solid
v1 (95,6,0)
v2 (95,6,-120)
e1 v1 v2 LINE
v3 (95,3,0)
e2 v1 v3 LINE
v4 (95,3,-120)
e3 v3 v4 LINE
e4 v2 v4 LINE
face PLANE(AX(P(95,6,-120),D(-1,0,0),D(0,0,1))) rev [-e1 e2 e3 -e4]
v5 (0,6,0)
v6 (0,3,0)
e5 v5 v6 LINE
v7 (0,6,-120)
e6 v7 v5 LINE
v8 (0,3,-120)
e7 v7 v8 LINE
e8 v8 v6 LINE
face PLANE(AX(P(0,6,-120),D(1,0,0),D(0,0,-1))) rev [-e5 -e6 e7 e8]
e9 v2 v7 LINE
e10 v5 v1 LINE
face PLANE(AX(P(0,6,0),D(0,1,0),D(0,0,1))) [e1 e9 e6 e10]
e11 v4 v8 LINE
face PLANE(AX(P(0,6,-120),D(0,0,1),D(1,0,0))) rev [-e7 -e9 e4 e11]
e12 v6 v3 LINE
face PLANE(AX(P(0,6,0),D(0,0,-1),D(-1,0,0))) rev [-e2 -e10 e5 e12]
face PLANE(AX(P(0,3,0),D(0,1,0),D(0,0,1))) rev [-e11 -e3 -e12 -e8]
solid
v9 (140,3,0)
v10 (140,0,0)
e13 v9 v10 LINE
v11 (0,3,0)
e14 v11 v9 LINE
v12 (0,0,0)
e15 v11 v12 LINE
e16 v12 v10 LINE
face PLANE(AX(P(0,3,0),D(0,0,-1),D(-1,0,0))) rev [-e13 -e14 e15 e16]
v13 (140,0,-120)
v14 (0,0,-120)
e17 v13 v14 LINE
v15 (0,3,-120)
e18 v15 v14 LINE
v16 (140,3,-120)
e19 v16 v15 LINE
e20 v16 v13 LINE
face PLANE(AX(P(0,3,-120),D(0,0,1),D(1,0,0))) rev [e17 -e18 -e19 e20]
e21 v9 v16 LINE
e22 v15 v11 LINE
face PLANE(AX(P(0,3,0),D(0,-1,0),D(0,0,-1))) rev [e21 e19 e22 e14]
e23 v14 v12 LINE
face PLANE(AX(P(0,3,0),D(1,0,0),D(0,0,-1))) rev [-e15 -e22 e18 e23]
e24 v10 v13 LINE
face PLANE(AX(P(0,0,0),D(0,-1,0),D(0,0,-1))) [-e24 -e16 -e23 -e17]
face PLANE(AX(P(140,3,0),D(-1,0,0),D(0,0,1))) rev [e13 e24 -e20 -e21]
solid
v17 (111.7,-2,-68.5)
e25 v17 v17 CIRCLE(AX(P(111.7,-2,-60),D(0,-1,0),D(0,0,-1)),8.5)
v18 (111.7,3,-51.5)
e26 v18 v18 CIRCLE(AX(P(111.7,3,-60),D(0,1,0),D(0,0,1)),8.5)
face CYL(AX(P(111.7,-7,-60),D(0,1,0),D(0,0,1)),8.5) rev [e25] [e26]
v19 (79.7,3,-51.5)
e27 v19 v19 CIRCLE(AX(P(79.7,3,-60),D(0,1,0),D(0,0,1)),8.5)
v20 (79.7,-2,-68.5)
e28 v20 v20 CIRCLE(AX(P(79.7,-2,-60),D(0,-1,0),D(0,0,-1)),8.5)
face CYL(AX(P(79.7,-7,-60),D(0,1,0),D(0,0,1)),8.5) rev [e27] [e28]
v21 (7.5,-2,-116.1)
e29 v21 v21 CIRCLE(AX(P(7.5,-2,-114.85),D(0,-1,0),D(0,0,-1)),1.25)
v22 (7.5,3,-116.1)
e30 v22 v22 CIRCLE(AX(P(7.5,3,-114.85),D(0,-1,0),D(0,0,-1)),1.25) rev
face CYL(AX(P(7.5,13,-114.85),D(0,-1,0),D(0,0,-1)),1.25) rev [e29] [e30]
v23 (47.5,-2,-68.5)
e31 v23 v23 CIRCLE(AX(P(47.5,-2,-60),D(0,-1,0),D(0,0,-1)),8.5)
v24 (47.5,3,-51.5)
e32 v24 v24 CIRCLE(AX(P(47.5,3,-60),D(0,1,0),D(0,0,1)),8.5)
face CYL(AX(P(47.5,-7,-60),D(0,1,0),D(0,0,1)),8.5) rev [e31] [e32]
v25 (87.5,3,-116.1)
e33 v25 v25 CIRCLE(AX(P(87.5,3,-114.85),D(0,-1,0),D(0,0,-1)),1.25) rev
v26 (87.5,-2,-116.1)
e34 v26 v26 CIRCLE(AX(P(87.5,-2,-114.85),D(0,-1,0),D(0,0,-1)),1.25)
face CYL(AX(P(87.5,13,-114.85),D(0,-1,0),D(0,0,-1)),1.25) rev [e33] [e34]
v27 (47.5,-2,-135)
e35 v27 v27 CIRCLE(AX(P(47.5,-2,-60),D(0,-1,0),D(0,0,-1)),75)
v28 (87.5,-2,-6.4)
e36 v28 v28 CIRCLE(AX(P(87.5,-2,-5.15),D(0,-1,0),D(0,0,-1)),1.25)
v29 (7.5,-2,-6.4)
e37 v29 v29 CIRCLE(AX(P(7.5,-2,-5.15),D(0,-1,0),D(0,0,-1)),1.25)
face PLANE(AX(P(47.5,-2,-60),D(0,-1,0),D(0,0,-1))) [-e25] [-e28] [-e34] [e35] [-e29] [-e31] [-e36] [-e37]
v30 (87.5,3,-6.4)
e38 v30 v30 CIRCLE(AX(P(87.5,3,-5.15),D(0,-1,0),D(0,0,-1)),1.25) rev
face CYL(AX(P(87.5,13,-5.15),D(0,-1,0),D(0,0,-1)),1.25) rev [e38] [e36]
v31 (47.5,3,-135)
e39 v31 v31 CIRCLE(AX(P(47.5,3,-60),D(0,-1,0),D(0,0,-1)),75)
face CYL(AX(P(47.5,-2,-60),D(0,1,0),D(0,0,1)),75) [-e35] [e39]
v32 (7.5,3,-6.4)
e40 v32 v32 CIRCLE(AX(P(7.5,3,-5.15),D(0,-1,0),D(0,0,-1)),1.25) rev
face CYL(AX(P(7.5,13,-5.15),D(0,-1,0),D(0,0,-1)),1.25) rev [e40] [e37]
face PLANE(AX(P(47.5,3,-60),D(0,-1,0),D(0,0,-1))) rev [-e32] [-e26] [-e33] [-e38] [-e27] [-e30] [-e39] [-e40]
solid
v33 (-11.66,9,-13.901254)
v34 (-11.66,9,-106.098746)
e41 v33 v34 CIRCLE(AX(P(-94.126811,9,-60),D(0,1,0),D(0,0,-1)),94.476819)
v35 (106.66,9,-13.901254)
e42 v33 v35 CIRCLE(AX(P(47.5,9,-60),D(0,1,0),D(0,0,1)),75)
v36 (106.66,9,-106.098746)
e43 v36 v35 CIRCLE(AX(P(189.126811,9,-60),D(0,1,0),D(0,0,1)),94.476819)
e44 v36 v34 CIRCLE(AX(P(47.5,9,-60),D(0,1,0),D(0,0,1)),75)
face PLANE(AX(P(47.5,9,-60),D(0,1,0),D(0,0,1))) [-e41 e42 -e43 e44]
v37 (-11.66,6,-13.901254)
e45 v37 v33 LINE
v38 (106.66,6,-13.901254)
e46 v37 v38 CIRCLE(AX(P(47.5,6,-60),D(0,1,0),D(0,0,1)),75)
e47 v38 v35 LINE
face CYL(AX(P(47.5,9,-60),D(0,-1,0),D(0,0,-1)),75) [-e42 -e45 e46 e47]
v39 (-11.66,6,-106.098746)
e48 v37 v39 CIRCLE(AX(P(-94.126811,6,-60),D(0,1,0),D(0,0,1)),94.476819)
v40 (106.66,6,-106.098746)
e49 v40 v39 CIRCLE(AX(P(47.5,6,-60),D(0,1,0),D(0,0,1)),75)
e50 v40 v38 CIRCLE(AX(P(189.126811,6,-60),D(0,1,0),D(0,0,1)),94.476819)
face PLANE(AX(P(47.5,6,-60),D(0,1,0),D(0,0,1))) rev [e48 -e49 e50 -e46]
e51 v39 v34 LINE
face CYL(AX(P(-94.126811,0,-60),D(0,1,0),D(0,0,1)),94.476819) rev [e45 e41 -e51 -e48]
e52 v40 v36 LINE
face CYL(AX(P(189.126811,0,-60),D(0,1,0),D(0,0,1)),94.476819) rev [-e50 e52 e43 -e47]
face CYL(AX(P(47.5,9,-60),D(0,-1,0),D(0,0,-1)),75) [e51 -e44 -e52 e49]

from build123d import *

# Parameters (mm, degrees)
SKETCH1_W                   = 140
SKETCH1_H                   = 120
COMPACT_DEPTH               = 3
SKETCH4_W                   = 95
SKETCH4_H                   = 120
SUPERCOMPACT_DEPTH          = 3
SKETCH7_R                   = 75
APPLE_BASE_DEPTH            = 3
SIDECUTS_DEPTH              = 195.694632694
APPLE_BASE_2_DEPTH          = 3
BOSS_EXTRUDE4_DEPTH         = 3
BASE_PLATE_FILLET_R         = 0.001
TOP_BOTTOM_EXTENSIONS_DEPTH = 3
SKETCH35_R                  = 1.25
SPACERHOLES_DEPTH           = 10
CUT_EXTRUDE4_DEPTH          = 10
SKETCH39_R                  = 75
SKETCH39_R_2                = 1.25
BOSS_EXTRUDE5_DEPTH         = 5
CUT_EXTRUDE5_DEPTH          = 150
SKETCH41_R                  = 8.5
CUT_EXTRUDE6_DEPTH          = 10
SKETCH44_R                  = 8.5
CUT_EXTRUDE7_DEPTH          = 10


with BuildPart() as part:
    # Sketch1 → Compact (new body)
    with BuildSketch(Plane(origin=(0, 0, 0), x_dir=(1, 0, 0), z_dir=(0, 1, 0))):
        with Locations((70, 60)):
            Rectangle(SKETCH1_W, SKETCH1_H)
    extrude(amount=COMPACT_DEPTH)


with BuildPart() as body_2:
    # Sketch4 → SuperCompact (new body)
    with BuildSketch(Plane(origin=(0, 3, 0), x_dir=(1, 0, 0), z_dir=(0, 1, 0))):
        with Locations((47.5, 60)):
            Rectangle(SKETCH4_W, SKETCH4_H)
    extrude(amount=SUPERCOMPACT_DEPTH)


with BuildPart() as body_3:
    # Sketch7 → Apple Base (new body)
    with BuildSketch(Plane(origin=(0, 6, 0), x_dir=(1, 0, 0), z_dir=(0, 1, 0))):
        with Locations(Location((47.5, 60, 0), (0, 0, 270))):
            Circle(SKETCH7_R)
    extrude(amount=APPLE_BASE_DEPTH)

    # Sketch8 → SideCuts (cut, through all)
    with BuildSketch(Plane(origin=(0, 9, 0), x_dir=(1, 0, 0), z_dir=(0, 1, 0))):
        with BuildLine():
            ThreePointArc((-11.66, 106.098746187), (0.350007958, 60), (-11.66, 13.901253813))
            ThreePointArc((-11.66, 13.901253813), (-27.5, 60), (-11.66, 106.098746187))
        make_face()
        with BuildLine():
            ThreePointArc((106.66, 106.098746187), (94.649992042, 60), (106.66, 13.901253813))
            ThreePointArc((106.66, 13.901253813), (122.5, 60), (106.66, 106.098746187))
        make_face()
    extrude(amount=-SIDECUTS_DEPTH, mode=Mode.SUBTRACT)


with BuildPart() as body_4:
    # Sketch9 → Apple_Base 2 (new body)
    with BuildSketch(Plane.XZ.offset(-6)):
        with BuildLine():
            ThreePointArc((106.66, -13.901253813), (47.5, 15), (-11.66, -13.901253813))
            ThreePointArc((-11.66, -13.901253813), (0.350007958, -60), (-11.66, -106.098746187))
            ThreePointArc((-11.66, -106.098746187), (47.5, -135), (106.66, -106.098746187))
            ThreePointArc((106.66, -106.098746187), (94.649992042, -60), (106.66, -13.901253813))
        make_face()
    extrude(amount=APPLE_BASE_2_DEPTH)

    # Sketch10 → Boss-Extrude4 (add)
    with BuildSketch(Plane(origin=(0, 6, 0), x_dir=(1, 0, 0), z_dir=(0, 1, 0))):
        with BuildLine():
            Line((-11.66, 106.098746187), (-11.66, 13.901253813))
            ThreePointArc((-11.66, 13.901253813), (0.350007958, 60), (-11.66, 106.098746187))
        make_face()
        with BuildLine():
            Line((106.66, 106.098746187), (106.66, 13.901253813))
            ThreePointArc((106.66, 13.901253813), (94.649992042, 60), (106.66, 106.098746187))
        make_face()
    extrude(amount=-BOSS_EXTRUDE4_DEPTH)

    # Base_Plate_Fillet
    base_plate_fillet_edges = [body_4.edges().sort_by_distance(p)[0] for p in [
        (-11.66, 3, -60),
        (-11.66, 6, -60),
        (47.5, 3, -135),
        (106.66, 3, -60),
        (106.66, 6, -60),
        (47.5, 6, -135),
        (47.5, 6, 15),
        (106.66, 4.5, -106.098746187),
        (-11.66, 4.5, -106.098746187),
        (-11.66, 4.5, -13.901253813),
        (106.66, 4.5, -13.901253813),
        (47.5, 3, 15),
    ]]
    fillet(base_plate_fillet_edges, radius=BASE_PLATE_FILLET_R)

    # Sketch25 → Top Bottom extensions (add)
    with BuildSketch(Plane(origin=(0, 6, 0), x_dir=(1, 0, 0), z_dir=(0, 1, 0))):
        with BuildLine():
            Line((-11.659005821, 106.097402592), (-11.659005821, 111.097402592))
            ThreePointArc((-11.659005821, 111.097402592), (47.5, 138.794628322), (106.659005821, 111.097402592))
            Line((106.659005821, 111.097402592), (106.659005821, 106.097402592))
            ThreePointArc((106.659005821, 106.097402592), (47.5, 133.794628322), (-11.659005821, 106.097402592))
        make_face()
        with BuildLine():
            Line((106.659005821, 13.902597408), (106.659005821, 8.902597408))
            ThreePointArc((106.659005821, 8.902597408), (47.5, -18.794628322), (-11.659005821, 8.902597408))
            Line((-11.659005821, 8.902597408), (-11.659005821, 13.902597408))
            ThreePointArc((-11.659005821, 13.902597408), (47.5, -13.794628322), (106.659005821, 13.902597408))
        make_face()
    extrude(amount=-TOP_BOTTOM_EXTENSIONS_DEPTH)

    # Sketch35 → SpacerHoles (cut)
    with BuildSketch(Plane.XZ.offset(-3)):
        with Locations(Location((7.5, -5.15, 0), (0, 0, 270))):
            Circle(SKETCH35_R)
        with Locations(Location((87.5, -5.15, 0), (0, 0, 270))):
            Circle(SKETCH35_R)
        with Locations(Location((87.5, -114.85, 0), (0, 0, 270))):
            Circle(SKETCH35_R)
        with Locations(Location((7.5, -114.85, 0), (0, 0, 270))):
            Circle(SKETCH35_R)
    extrude(amount=-SPACERHOLES_DEPTH, mode=Mode.SUBTRACT)

    # Sketch38 → Cut-Extrude4 (cut)
    with BuildSketch(Plane.XZ.offset(-3)):
        Polygon((47.5, 37.050137759), (120.372278362, 37.050137759), (120.372278362, -158.601845129), (-29.177494987, -158.601845129), (-29.177494987, 37.050137759), align=None)
        Polygon((-6.659, -60), (-6.659, 24.702355976), (101.659, 24.702355976), (101.659, -143.843523469), (-6.659, -143.843523469), align=None, mode=Mode.SUBTRACT)
    extrude(amount=-CUT_EXTRUDE4_DEPTH, mode=Mode.SUBTRACT)

    # Sketch39 → Boss-Extrude5 (add)
    with BuildSketch(Plane.XZ.offset(-3)):
        with Locations(Location((47.5, -60, 0), (0, 0, 43.770209918))):
            Circle(SKETCH39_R)
        with Locations(Location((87.5, -5.15, 0), (0, 0, 270))):
            Circle(SKETCH39_R_2, mode=Mode.SUBTRACT)
        with Locations(Location((7.5, -5.15, 0), (0, 0, 270))):
            Circle(SKETCH39_R_2, mode=Mode.SUBTRACT)
        with Locations(Location((7.5, -114.85, 0), (0, 0, 270))):
            Circle(SKETCH39_R_2, mode=Mode.SUBTRACT)
        with Locations(Location((87.5, -114.85, 0), (0, 0, 270))):
            Circle(SKETCH39_R_2, mode=Mode.SUBTRACT)
    extrude(amount=BOSS_EXTRUDE5_DEPTH)

    # Sketch40 → Cut-Extrude5 (cut)
    with BuildSketch(Plane(origin=(101.659, 0, 0), x_dir=(0, 0, -1), z_dir=(1, 0, 0))):
        Polygon((3.460058054, 3), (-22.733784582, 3), (-22.733784582, 8.214035789), (147.50303534, 8.214035789), (147.50303534, 3), align=None)
    extrude(amount=-CUT_EXTRUDE5_DEPTH, mode=Mode.SUBTRACT)

    # Sketch41 → Cut-Extrude6 (cut)
    with BuildSketch(Plane(origin=(0, 3, 0), x_dir=(1, 0, 0), z_dir=(0, 1, 0))):
        with Locations(Location((47.5, 60, 0), (0, 0, 270))):
            Circle(SKETCH41_R)
        with Locations(Location((79.7, 60, 0), (0, 0, 270))):
            Circle(SKETCH41_R)
    extrude(amount=-CUT_EXTRUDE6_DEPTH, mode=Mode.SUBTRACT)

    # Sketch44 → Cut-Extrude7 (cut)
    with BuildSketch(Plane(origin=(0, 3, 0), x_dir=(1, 0, 0), z_dir=(0, 1, 0))):
        with Locations(Location((111.7, 60, 0), (0, 0, 270))):
            Circle(SKETCH44_R)
    extrude(amount=-CUT_EXTRUDE7_DEPTH, mode=Mode.SUBTRACT)


solid = Compound([part.part, body_2.part, body_3.part, body_4.part])
